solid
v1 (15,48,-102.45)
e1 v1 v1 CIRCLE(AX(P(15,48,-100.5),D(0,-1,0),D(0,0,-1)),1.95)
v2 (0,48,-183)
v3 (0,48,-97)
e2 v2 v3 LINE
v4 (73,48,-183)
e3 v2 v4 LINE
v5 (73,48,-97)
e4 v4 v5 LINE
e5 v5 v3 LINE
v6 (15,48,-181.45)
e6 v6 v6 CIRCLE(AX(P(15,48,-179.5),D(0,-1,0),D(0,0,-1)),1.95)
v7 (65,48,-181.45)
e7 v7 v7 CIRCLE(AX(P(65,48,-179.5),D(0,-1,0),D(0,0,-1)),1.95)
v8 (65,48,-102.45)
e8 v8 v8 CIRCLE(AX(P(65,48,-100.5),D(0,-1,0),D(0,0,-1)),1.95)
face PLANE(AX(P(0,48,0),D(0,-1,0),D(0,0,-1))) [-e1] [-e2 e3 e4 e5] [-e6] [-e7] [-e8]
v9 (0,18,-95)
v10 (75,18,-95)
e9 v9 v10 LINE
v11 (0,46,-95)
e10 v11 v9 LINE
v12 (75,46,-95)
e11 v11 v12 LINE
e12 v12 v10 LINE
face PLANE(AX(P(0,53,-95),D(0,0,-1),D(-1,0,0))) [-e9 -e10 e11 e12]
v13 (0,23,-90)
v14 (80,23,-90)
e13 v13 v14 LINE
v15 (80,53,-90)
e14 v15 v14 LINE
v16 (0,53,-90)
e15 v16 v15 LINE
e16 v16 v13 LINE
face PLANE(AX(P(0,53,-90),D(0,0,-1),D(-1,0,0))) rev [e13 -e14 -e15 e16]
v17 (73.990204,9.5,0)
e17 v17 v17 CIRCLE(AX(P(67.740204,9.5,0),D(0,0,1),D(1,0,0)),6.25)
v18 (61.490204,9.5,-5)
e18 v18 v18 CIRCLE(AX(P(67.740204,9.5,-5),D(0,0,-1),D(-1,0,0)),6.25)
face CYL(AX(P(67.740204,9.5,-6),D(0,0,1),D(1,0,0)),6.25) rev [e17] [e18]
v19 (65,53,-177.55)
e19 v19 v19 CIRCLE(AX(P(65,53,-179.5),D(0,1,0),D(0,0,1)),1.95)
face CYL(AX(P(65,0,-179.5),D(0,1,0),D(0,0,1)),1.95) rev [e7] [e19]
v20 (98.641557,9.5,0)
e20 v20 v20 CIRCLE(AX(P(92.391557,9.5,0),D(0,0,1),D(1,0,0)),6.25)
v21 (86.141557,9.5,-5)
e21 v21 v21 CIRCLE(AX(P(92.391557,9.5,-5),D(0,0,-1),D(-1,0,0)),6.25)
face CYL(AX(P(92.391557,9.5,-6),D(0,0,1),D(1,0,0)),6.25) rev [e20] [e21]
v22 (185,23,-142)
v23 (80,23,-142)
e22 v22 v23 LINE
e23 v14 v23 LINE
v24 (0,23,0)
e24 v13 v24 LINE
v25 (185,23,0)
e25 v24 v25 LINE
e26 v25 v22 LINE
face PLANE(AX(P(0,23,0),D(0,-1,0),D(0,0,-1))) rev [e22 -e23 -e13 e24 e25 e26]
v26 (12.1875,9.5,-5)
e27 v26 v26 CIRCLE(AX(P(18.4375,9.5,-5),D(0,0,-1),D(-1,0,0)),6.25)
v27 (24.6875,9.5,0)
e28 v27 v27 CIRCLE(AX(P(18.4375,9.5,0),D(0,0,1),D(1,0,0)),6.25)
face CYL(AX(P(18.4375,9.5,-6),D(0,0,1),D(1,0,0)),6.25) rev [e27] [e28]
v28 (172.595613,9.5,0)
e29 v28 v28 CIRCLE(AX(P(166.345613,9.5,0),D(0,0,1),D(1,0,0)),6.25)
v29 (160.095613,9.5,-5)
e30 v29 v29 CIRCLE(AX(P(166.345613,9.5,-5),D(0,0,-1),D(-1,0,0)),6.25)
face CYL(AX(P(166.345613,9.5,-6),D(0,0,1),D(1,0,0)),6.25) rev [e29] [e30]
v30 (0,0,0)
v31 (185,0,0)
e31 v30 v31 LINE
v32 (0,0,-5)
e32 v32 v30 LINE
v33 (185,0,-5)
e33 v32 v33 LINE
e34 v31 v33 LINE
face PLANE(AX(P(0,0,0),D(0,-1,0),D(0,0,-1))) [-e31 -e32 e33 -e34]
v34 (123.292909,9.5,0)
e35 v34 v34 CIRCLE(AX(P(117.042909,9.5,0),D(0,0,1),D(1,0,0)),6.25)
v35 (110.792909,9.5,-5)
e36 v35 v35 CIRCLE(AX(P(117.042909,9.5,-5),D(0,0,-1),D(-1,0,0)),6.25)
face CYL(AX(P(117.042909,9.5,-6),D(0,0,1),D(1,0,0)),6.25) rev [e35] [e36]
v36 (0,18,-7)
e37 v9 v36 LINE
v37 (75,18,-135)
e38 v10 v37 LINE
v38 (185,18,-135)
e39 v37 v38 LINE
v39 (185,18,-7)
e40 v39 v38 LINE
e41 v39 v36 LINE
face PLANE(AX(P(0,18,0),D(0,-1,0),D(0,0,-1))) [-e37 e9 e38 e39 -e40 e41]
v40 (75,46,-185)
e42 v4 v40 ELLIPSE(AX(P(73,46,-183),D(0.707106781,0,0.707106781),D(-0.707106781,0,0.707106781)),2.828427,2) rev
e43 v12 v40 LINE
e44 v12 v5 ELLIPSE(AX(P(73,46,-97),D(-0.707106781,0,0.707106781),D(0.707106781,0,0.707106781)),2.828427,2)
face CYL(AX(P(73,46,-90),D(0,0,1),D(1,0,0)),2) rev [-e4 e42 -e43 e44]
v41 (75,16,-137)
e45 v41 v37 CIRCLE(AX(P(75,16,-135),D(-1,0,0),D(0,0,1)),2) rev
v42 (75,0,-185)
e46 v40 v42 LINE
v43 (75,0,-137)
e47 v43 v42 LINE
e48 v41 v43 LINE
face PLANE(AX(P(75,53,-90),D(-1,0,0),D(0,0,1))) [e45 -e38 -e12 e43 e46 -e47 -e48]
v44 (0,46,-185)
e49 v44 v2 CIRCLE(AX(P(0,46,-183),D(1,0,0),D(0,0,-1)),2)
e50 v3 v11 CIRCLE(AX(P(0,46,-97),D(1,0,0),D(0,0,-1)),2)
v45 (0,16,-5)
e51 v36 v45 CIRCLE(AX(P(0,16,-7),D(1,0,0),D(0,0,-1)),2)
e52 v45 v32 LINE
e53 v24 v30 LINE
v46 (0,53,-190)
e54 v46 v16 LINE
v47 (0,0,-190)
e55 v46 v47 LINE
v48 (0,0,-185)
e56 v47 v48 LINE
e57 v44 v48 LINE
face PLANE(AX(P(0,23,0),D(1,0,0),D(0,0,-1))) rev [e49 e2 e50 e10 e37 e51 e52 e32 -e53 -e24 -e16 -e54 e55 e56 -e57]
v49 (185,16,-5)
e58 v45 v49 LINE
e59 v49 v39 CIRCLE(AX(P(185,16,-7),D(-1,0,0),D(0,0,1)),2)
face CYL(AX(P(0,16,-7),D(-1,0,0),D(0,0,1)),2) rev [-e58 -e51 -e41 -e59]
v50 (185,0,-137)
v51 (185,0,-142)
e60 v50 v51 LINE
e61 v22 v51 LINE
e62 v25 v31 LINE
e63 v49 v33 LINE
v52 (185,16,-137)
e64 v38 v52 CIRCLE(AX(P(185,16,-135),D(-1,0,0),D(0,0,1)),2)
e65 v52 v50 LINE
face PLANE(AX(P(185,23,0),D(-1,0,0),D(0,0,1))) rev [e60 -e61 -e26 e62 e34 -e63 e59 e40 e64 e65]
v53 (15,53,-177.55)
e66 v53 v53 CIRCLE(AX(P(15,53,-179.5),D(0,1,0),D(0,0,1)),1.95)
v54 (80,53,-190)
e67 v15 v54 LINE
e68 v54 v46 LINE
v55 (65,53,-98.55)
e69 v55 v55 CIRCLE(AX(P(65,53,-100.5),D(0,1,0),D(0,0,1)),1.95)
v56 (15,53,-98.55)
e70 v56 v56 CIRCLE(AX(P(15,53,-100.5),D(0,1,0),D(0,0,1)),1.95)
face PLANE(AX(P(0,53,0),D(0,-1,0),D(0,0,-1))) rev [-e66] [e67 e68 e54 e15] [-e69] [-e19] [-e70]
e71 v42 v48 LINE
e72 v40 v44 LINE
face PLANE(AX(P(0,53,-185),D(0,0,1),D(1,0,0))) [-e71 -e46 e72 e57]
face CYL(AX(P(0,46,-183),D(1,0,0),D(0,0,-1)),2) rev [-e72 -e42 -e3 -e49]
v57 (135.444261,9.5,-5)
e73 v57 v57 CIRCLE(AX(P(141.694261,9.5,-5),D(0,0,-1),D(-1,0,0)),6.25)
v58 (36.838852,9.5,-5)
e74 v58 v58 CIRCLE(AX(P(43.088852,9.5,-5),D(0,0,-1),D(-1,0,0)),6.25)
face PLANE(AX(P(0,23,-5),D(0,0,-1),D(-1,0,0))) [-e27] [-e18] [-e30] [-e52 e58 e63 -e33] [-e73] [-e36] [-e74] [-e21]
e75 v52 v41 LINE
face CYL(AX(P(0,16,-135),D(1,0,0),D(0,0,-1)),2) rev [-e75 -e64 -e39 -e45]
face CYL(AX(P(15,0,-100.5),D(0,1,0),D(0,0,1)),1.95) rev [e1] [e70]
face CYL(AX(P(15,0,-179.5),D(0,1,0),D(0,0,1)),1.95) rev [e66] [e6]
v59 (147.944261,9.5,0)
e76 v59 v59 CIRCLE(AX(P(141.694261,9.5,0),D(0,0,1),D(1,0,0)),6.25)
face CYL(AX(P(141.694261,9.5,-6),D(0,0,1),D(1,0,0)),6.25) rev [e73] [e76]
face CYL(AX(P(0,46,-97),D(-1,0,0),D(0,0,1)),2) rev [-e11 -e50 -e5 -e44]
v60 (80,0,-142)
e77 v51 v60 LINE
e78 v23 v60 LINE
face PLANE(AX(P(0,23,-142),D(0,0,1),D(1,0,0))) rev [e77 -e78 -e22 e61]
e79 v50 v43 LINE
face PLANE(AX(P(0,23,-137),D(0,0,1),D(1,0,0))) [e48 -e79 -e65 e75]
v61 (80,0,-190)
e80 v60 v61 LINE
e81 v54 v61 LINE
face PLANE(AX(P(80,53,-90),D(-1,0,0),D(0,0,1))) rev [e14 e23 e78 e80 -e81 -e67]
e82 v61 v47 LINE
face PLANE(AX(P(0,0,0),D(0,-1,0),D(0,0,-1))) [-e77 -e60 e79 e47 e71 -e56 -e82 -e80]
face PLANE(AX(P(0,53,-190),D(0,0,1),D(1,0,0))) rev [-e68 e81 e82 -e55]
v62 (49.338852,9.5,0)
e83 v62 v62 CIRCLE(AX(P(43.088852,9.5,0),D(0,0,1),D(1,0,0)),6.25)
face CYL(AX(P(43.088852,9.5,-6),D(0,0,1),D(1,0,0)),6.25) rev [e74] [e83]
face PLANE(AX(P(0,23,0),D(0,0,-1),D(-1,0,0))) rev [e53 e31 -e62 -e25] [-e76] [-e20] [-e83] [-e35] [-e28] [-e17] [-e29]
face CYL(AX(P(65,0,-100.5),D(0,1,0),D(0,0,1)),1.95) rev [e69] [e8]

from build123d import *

# Parameters (mm, degrees)
SKETCH1_W           = 185
SKETCH1_H           = 142
BOSS_EXTRUDE1_DEPTH = 23
SKETCH12_W          = 80
SKETCH12_H          = 100
BOSS_EXTRUDE6_DEPTH = 53
SHELL1_T            = -5
SKETCH11_R          = 6.25
CUT_EXTRUDE2_DEPTH  = 6
FILLET1_R           = 2
SKETCH13_R          = 1.95
CUT_EXTRUDE3_DEPTH  = 54


with BuildPart() as part:
    # Sketch1 → Boss-Extrude1 (new body)
    with BuildSketch(Plane(origin=(0, 0, 0), x_dir=(1, 0, 0), z_dir=(0, 1, 0))):
        with Locations((92.5, 71)):
            Rectangle(SKETCH1_W, SKETCH1_H)
    extrude(amount=BOSS_EXTRUDE1_DEPTH)

    # Sketch12 → Boss-Extrude6 (add)
    with BuildSketch(Plane(origin=(0, 0, 0), x_dir=(1, 0, 0), z_dir=(0, 1, 0))):
        with Locations((40, 140)):
            Rectangle(SKETCH12_W, SKETCH12_H)
    extrude(amount=BOSS_EXTRUDE6_DEPTH)

    # Shell1
    shell1_openings = [part.faces().sort_by_distance(p)[0] for p in [
        (88.333333333, 0, -110.666666667),
        (185, 11.5, -71),
        (0, 25.333333333, -93.333333333),
    ]]
    offset(amount=SHELL1_T, openings=shell1_openings, kind=Kind.INTERSECTION)

    # Sketch11 → Cut-Extrude2 (cut)
    with BuildSketch(Plane.XY):
        with Locations((18.4375, 9.5)):
            Circle(SKETCH11_R)
        with Locations((43.088852194, 9.5)):
            Circle(SKETCH11_R)
        with Locations((67.740204388, 9.5)):
            Circle(SKETCH11_R)
        with Locations((92.391556582, 9.5)):
            Circle(SKETCH11_R)
        with Locations((117.042908776, 9.5)):
            Circle(SKETCH11_R)
        with Locations((141.69426097, 9.5)):
            Circle(SKETCH11_R)
        with Locations((166.345613164, 9.5)):
            Circle(SKETCH11_R)
    extrude(amount=-CUT_EXTRUDE2_DEPTH, mode=Mode.SUBTRACT)

    # Fillet1
    fillet1_edges = [part.edges().sort_by_distance(p)[0] for p in [
        (92.5, 18, -5),
        (130, 18, -137),
        (37.5, 48, -95),
        (75, 48, -140),
        (37.5, 48, -185),
    ]]
    fillet(fillet1_edges, radius=FILLET1_R)

    # Sketch13 → Cut-Extrude3 (cut, through all)
    with BuildSketch(Plane(origin=(0, 53, 0), x_dir=(1, 0, 0), z_dir=(0, 1, 0))):
        with Locations((15, 100.5)):
            Circle(SKETCH13_R)
        with Locations((15, 179.5)):
            Circle(SKETCH13_R)
        with Locations((65, 179.5)):
            Circle(SKETCH13_R)
        with Locations((65, 100.5)):
            Circle(SKETCH13_R)
    extrude(amount=-CUT_EXTRUDE3_DEPTH, mode=Mode.SUBTRACT)


solid = part.part
